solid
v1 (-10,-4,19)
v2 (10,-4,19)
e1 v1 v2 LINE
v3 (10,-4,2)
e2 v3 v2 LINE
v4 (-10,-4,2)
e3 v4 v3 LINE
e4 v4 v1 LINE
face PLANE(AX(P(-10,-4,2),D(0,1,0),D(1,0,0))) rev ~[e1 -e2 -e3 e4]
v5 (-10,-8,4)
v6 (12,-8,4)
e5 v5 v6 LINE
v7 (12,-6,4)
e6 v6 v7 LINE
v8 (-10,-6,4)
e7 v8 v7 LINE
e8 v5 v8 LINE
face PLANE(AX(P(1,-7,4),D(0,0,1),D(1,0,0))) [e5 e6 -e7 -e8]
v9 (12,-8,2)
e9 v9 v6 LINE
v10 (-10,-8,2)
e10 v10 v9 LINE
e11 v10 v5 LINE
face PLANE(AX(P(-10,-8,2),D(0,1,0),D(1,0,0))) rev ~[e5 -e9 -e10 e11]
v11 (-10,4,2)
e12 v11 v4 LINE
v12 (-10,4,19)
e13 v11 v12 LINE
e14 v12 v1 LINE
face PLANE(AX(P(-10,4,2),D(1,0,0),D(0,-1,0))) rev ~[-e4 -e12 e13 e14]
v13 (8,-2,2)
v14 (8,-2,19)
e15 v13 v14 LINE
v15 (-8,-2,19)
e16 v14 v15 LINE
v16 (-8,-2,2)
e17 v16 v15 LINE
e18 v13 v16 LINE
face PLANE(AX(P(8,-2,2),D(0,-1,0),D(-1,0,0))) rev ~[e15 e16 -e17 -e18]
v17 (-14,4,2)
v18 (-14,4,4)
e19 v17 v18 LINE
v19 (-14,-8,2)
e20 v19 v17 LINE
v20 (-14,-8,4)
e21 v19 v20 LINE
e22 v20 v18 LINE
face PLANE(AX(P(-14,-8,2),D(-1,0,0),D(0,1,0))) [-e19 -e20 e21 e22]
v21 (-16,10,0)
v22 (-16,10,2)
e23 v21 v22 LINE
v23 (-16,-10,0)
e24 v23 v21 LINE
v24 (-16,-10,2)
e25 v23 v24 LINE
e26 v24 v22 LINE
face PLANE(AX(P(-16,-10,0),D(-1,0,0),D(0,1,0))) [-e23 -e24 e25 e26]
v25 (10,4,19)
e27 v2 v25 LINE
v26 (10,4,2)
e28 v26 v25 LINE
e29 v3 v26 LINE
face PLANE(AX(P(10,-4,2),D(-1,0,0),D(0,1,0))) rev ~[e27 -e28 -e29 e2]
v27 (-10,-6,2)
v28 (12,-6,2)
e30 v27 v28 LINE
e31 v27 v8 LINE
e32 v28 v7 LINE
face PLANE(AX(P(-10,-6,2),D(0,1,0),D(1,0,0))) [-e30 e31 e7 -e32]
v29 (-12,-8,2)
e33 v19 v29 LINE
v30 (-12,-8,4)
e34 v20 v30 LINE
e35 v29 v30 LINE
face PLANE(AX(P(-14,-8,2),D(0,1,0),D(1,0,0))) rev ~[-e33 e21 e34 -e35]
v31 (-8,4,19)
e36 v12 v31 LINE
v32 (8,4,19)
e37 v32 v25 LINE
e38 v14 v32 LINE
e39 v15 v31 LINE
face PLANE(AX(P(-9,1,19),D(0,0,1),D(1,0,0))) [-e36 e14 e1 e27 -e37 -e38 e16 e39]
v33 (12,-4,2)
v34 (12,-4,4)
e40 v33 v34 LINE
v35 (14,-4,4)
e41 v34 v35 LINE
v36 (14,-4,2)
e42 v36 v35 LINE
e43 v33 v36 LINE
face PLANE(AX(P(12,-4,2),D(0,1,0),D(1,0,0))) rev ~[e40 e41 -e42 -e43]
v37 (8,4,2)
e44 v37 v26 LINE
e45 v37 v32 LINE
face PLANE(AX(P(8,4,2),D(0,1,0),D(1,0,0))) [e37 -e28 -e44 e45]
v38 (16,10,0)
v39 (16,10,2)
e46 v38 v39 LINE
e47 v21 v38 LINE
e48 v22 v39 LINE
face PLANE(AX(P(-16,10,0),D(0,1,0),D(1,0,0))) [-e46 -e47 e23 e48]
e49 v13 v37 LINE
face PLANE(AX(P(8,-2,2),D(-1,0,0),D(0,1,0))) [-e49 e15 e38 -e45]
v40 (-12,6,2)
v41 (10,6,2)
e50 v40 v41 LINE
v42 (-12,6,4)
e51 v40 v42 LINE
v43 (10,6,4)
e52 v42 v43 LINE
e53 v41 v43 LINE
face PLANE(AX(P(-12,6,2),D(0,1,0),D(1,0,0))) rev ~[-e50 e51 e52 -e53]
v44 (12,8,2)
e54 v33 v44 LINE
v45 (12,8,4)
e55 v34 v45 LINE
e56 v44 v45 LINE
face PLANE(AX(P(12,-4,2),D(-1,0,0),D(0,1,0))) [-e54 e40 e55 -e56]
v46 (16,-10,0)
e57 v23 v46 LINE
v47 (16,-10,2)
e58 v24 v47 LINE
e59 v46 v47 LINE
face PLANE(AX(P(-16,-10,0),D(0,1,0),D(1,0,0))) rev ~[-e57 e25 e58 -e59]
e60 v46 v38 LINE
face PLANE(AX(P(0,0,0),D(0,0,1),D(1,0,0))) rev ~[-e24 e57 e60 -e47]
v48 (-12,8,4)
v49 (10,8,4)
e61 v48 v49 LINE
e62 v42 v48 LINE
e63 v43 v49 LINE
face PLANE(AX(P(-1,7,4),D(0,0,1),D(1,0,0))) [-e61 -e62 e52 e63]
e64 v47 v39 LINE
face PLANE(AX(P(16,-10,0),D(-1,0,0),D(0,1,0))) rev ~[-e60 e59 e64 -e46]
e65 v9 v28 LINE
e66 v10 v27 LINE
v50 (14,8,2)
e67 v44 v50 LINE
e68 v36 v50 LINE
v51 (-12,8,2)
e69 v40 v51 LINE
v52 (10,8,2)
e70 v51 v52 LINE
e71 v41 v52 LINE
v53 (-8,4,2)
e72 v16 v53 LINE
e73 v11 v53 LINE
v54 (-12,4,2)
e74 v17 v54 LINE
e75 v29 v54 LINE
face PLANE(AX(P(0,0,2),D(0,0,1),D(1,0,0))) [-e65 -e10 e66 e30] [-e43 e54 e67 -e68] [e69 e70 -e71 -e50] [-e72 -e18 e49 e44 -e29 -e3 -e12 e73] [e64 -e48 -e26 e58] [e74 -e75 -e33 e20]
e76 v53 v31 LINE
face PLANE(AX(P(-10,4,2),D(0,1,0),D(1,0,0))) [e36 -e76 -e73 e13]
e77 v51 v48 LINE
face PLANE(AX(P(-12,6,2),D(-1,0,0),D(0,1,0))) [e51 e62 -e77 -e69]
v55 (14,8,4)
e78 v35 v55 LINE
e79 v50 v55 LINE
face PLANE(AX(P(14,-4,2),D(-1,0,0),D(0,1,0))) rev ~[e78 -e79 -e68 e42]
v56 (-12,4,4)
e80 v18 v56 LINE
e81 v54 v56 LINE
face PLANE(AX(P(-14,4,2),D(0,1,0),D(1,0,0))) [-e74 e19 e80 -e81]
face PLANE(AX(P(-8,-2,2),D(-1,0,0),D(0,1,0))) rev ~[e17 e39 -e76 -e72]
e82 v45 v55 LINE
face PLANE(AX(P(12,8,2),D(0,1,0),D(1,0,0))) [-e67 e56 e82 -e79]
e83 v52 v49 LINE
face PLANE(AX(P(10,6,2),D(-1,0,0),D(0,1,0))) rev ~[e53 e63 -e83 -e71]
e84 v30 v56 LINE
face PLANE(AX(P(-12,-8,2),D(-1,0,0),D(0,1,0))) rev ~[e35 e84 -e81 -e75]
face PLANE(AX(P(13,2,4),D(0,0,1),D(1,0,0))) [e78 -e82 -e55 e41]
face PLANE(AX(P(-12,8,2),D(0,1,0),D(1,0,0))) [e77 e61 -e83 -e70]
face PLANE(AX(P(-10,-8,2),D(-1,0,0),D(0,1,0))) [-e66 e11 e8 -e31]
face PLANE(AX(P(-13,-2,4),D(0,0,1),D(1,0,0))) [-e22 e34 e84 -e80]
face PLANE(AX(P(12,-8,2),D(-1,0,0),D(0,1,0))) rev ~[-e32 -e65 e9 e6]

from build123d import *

# Parameters (mm, degrees)
F1_W     = 32
F1_H     = 20
F2_DEPTH = 2
F3_W     = 22
F3_H     = 2
F3_W_2   = 2
F3_H_2   = 12
F4_DEPTH = 2
F5_W     = 2
F5_H     = 6
F6_DEPTH = 17


with BuildPart() as f2:
    # F1 (on Top) → F2 (new body)
    with BuildSketch(Plane.XY):
        Rectangle(F1_W, F1_H)
    extrude(amount=F2_DEPTH)

    # F3 (on face) → F4 (join)
    with BuildSketch(Plane.XY.offset(2)):
        with Locations((-1, 7)):
            Rectangle(F3_W, F3_H)
        with Locations((13, 2)):
            Rectangle(F3_W_2, F3_H_2)
        with Locations((1, -7)):
            Rectangle(F3_W, F3_H)
        with Locations((-13, -2)):
            Rectangle(F3_W_2, F3_H_2)
    extrude(amount=F4_DEPTH)

    # F5 (on face) → F6 (join)
    with BuildSketch(Plane.XY.offset(2)):
        with Locations((-9, 1)):
            Rectangle(F5_W, F5_H)
        Polygon((-10, -2), (-10, -4), (10, -4), (10, -2), (8, -2), (-8, -2), align=None)
        with Locations((9, 1)):
            Rectangle(F5_W, F5_H)
    extrude(amount=F6_DEPTH)


solid = f2.part
